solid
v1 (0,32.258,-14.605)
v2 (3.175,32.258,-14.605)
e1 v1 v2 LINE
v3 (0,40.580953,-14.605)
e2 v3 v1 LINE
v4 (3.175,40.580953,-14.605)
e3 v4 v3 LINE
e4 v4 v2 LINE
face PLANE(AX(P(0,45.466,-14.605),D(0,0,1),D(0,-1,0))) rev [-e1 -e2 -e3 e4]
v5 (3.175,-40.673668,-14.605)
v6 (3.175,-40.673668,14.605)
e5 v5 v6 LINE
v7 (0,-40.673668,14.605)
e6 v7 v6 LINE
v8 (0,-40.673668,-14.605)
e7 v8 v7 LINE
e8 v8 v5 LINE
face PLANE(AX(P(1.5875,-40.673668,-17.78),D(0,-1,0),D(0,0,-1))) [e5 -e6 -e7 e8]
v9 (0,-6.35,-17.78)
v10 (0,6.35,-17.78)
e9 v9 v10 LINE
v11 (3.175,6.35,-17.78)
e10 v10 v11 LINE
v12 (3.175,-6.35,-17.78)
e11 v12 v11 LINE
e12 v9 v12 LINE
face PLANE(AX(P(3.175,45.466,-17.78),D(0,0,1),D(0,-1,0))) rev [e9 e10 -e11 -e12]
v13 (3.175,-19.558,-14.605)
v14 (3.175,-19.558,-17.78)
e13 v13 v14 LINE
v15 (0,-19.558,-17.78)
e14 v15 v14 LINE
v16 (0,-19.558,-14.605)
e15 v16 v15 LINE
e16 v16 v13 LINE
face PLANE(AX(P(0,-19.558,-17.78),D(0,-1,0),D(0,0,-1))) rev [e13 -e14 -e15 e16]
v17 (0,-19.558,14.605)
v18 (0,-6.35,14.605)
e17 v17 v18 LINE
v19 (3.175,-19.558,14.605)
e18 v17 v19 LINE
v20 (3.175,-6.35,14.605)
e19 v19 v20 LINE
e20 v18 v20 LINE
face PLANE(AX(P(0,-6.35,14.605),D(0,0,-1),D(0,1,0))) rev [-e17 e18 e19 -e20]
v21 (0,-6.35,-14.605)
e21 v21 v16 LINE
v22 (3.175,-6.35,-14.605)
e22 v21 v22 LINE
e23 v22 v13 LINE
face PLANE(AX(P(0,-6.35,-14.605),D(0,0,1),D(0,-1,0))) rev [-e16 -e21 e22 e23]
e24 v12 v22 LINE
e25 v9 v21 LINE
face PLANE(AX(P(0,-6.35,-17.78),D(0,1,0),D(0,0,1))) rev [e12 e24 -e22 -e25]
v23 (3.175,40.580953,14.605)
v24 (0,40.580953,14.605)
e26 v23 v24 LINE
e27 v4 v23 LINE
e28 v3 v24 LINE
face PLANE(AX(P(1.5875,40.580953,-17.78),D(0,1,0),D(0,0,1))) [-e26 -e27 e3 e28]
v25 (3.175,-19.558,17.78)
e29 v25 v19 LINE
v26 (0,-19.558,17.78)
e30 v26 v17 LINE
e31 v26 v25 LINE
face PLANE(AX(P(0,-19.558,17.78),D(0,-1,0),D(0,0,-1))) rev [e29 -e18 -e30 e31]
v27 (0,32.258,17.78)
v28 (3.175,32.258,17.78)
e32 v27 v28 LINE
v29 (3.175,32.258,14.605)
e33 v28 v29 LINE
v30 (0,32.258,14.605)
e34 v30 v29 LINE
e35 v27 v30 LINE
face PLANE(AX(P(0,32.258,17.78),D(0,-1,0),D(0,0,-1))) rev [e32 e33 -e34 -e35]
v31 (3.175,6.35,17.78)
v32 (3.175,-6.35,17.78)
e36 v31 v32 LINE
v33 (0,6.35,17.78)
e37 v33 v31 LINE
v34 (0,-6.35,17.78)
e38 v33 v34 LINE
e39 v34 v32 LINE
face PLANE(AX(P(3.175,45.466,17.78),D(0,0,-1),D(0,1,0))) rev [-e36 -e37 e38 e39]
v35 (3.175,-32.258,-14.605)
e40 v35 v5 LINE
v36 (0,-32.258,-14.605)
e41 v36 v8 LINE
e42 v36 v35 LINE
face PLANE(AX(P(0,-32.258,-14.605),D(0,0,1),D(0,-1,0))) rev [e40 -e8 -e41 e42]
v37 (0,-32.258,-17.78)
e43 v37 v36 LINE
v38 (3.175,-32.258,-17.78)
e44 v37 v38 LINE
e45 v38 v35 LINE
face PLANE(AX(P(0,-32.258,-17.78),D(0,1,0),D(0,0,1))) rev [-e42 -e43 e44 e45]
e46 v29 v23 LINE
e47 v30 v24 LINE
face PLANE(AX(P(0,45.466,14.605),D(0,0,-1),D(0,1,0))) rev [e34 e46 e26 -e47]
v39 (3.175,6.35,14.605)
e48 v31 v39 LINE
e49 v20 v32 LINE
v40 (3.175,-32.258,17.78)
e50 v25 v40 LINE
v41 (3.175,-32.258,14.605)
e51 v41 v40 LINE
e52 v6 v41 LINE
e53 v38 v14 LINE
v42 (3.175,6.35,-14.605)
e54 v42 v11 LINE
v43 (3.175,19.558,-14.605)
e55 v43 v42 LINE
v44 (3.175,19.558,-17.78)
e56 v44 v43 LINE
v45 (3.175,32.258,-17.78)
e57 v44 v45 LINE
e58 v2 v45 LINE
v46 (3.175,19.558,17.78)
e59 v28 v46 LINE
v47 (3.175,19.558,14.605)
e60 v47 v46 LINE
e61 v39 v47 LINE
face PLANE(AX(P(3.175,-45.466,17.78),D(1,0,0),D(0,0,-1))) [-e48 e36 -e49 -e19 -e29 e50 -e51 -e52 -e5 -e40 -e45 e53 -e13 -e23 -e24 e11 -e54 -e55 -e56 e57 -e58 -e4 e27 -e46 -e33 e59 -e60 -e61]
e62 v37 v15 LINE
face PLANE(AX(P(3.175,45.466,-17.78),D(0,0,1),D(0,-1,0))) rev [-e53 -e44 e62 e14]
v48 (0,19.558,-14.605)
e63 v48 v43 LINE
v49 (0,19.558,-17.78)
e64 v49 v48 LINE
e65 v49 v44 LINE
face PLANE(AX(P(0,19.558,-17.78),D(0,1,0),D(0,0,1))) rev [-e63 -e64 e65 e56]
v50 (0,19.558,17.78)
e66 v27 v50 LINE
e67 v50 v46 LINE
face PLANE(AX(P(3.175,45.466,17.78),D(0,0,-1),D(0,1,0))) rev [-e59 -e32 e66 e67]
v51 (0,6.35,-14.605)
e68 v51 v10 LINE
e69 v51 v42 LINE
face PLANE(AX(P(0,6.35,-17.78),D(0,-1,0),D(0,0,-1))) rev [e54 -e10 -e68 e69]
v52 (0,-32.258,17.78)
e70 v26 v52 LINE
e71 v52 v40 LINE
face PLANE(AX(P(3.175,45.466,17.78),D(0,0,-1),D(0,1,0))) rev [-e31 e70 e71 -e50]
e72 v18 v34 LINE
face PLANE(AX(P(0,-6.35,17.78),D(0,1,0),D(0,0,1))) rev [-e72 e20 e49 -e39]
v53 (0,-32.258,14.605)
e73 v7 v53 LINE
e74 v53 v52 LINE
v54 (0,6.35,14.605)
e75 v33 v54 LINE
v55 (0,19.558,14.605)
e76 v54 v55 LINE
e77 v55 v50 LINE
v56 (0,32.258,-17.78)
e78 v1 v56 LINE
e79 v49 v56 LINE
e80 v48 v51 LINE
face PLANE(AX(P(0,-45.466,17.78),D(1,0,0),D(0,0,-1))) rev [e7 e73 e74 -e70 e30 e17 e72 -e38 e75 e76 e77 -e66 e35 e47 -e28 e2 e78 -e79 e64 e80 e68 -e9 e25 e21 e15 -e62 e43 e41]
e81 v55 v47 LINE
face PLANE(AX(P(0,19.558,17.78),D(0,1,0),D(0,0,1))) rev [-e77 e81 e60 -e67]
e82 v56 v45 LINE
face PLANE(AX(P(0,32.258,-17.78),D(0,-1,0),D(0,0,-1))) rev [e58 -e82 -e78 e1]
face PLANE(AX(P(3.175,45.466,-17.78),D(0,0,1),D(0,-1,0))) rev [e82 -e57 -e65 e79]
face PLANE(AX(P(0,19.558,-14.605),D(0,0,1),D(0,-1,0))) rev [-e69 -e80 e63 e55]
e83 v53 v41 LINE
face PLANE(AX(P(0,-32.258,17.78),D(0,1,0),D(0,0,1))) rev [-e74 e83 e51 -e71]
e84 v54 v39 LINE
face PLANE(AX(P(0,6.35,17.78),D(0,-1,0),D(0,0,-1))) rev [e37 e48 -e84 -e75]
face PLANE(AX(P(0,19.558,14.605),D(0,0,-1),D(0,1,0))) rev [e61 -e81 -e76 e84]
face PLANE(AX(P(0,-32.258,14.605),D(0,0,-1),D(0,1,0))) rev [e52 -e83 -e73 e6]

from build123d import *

# Parameters (mm, degrees)
SKETCH1_W          = 35.56
SKETCH1_H          = 90.932
EXTRUDE1_DEPTH     = 3.175
SKETCH2_W          = 3.175
SKETCH2_H          = 13.208
CUT_EXTRUDE1_DEPTH = 4.175
SKETCH3_W          = 3.175
SKETCH3_H          = 4.885047255
SKETCH3_H_2        = 4.792331668
CUT_EXTRUDE2_DEPTH = 33.385


with BuildPart() as part:
    # Sketch1 → Extrude1 (new body)
    with BuildSketch(Plane(origin=(0, 0, 0), x_dir=(0, 0, -1), z_dir=(1, 0, 0))):
        Rectangle(SKETCH1_W, SKETCH1_H)
    extrude(amount=EXTRUDE1_DEPTH)

    # Sketch2 → Cut-Extrude1 (cut, through all)
    with BuildSketch(Plane(origin=(3.175, 0, 0), x_dir=(0, 0, -1), z_dir=(1, 0, 0))):
        with Locations((-16.1925, 38.862)):
            Rectangle(SKETCH2_W, SKETCH2_H)
        with Locations((-16.1925, 12.954)):
            Rectangle(SKETCH2_W, SKETCH2_H)
        with Locations((-16.1925, -12.954)):
            Rectangle(SKETCH2_W, SKETCH2_H)
        with Locations((-16.1925, -38.862)):
            Rectangle(SKETCH2_W, SKETCH2_H)
        with Locations((-16.1925, -64.77)):
            Rectangle(SKETCH2_W, SKETCH2_H)
        with Locations((16.1925, -38.862)):
            Rectangle(SKETCH2_W, SKETCH2_H)
        with Locations((16.1925, -12.954)):
            Rectangle(SKETCH2_W, SKETCH2_H)
        with Locations((16.1925, 12.954)):
            Rectangle(SKETCH2_W, SKETCH2_H)
        with Locations((16.1925, 38.862)):
            Rectangle(SKETCH2_W, SKETCH2_H)
    extrude(amount=-CUT_EXTRUDE1_DEPTH, mode=Mode.SUBTRACT)

    # Sketch3 → Cut-Extrude2 (cut, through all)
    with BuildSketch(Plane.XY.offset(14.605)):
        with Locations((1.5875, 43.023476372)):
            Rectangle(SKETCH3_W, SKETCH3_H)
        with Locations((1.5875, -43.069834166)):
            Rectangle(SKETCH3_W, SKETCH3_H_2)
    extrude(amount=-CUT_EXTRUDE2_DEPTH, mode=Mode.SUBTRACT)


solid = part.part
